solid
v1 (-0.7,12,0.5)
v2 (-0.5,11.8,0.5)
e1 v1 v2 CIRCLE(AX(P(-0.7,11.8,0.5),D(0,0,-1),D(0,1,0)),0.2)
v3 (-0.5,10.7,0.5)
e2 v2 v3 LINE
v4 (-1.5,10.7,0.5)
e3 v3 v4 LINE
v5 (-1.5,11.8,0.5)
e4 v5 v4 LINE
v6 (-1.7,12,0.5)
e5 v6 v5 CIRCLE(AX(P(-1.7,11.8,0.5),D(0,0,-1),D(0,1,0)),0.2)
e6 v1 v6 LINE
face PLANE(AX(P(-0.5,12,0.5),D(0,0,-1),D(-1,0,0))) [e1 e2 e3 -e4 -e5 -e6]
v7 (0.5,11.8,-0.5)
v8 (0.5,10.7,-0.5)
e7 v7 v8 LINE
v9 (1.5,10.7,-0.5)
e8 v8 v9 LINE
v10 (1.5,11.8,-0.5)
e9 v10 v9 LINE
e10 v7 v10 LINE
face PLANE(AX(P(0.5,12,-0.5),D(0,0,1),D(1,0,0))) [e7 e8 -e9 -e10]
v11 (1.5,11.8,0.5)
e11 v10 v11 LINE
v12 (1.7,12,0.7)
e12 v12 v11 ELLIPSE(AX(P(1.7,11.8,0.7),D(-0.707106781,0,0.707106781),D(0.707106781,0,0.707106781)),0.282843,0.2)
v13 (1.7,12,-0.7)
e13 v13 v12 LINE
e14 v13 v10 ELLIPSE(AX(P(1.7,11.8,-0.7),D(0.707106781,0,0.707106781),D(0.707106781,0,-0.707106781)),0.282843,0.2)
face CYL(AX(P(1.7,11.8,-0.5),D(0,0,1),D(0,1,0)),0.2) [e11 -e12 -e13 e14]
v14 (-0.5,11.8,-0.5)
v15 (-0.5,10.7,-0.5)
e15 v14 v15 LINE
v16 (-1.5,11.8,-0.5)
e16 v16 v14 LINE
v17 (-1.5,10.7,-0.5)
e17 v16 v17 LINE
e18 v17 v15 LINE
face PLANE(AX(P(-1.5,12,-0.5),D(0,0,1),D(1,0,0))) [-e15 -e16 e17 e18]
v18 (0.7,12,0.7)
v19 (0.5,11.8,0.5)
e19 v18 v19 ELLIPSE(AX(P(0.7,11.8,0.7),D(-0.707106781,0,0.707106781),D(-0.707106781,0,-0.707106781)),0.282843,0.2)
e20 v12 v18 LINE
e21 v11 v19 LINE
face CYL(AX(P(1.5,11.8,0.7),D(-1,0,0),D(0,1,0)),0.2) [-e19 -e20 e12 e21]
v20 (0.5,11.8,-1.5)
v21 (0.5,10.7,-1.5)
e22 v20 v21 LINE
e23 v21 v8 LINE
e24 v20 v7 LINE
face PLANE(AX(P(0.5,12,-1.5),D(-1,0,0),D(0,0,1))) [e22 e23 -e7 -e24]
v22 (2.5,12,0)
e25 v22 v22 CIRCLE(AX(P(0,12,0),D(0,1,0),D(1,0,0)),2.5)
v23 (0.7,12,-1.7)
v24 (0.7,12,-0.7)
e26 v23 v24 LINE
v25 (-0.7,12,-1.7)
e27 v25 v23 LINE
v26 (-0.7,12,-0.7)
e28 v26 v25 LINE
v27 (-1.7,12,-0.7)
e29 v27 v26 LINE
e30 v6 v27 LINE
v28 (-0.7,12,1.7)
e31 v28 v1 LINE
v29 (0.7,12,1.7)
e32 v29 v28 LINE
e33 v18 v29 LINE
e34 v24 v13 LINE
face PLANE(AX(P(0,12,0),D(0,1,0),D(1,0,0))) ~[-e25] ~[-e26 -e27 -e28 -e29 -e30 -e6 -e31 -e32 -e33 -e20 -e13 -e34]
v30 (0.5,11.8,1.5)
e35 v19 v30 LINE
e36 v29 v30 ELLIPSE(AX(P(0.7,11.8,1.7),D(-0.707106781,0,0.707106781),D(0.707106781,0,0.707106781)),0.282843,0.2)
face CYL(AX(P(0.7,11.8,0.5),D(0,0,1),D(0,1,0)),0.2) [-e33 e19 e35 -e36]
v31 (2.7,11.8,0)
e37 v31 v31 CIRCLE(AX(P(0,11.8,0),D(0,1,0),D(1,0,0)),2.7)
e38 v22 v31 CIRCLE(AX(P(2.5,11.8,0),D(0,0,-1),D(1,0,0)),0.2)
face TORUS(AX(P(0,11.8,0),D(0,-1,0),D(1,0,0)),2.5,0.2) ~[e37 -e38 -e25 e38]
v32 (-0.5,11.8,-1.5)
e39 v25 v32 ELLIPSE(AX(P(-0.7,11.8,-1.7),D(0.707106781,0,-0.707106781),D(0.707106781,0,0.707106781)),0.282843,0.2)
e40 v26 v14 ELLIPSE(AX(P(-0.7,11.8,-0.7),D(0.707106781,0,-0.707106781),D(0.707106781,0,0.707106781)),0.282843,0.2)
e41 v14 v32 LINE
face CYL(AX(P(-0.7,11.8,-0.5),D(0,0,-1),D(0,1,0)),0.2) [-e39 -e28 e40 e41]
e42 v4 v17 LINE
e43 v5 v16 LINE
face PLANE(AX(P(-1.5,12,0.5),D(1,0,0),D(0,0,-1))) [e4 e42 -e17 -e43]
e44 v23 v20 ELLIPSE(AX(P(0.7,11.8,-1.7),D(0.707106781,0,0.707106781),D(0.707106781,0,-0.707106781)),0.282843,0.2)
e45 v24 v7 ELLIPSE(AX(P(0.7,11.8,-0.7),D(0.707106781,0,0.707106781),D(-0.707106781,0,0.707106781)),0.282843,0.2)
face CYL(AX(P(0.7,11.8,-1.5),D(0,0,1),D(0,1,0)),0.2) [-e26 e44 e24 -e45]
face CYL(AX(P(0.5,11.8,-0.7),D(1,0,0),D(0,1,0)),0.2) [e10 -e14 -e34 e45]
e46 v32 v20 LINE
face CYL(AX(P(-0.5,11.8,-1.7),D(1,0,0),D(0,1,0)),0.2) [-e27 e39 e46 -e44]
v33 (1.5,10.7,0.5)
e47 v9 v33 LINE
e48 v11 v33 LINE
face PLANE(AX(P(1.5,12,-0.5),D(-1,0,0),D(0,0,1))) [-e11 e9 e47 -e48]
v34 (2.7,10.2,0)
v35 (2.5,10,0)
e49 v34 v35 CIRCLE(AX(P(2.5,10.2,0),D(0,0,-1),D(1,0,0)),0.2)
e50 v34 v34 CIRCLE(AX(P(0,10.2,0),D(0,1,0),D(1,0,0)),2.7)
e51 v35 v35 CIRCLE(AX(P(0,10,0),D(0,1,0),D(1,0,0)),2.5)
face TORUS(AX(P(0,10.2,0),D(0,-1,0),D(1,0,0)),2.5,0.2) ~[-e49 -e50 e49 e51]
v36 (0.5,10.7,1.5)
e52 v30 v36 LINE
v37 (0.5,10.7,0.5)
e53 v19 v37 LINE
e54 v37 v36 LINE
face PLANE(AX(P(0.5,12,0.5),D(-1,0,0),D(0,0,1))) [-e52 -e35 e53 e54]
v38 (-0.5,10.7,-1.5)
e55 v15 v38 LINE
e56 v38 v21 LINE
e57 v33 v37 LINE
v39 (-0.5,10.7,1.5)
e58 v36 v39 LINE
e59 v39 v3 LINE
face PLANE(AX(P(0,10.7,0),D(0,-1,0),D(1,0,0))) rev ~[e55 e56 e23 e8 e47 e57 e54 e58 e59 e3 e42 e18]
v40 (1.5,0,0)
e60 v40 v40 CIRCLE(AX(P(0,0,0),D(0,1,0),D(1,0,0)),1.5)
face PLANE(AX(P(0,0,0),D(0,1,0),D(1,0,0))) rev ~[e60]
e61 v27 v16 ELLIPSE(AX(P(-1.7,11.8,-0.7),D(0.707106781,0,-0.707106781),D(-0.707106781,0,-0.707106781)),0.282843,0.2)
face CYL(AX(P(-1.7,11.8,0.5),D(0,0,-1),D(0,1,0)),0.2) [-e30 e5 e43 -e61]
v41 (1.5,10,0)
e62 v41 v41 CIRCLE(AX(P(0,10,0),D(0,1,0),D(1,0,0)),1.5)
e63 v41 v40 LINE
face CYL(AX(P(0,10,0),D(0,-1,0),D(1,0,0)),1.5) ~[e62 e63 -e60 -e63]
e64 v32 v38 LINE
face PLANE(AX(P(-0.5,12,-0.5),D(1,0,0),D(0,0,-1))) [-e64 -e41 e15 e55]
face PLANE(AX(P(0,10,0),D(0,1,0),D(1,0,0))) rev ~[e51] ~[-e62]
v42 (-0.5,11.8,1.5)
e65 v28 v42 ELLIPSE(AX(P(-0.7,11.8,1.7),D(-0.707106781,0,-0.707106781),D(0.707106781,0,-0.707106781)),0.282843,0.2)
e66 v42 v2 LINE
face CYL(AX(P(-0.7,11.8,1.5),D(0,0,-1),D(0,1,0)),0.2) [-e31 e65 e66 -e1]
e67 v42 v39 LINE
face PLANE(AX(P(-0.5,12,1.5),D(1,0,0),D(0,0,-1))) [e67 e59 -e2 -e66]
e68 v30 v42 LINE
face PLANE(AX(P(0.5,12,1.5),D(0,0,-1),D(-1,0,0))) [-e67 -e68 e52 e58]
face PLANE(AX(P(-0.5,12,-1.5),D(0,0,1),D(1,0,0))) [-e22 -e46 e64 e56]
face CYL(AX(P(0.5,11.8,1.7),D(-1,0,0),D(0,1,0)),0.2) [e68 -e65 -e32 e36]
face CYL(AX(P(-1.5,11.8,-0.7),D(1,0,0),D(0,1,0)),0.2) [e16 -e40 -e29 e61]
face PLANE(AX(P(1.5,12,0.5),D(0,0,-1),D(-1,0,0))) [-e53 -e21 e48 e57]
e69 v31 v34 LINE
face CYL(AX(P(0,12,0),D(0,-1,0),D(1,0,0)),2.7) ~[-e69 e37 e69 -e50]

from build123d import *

# Parameters (mm, degrees)
FILLET_R     = 0.2
POCKET_DEPTH = 1.3
FILLET001_R  = 0.2


with BuildPart() as part:
    # Sketch → Revolution (revolve)
    with BuildSketch(Plane.XY):
        Polygon((0, 0), (0, 12), (2.7, 12), (2.7, 10), (1.5, 10), (1.5, 0), align=None)
    revolve(axis=Axis((0, 0, 0), (0, 1, 0)))

    # Fillet
    fillet_edges = [part.edges().sort_by_distance(p)[0] for p in [
        (-2.7, 10, 0),
        (-2.7, 12, 0),
    ]]
    fillet(fillet_edges, radius=FILLET_R)

    # Sketch001 (on Face1 of Fillet) → Pocket (cut)
    with BuildSketch(Plane(origin=(0, 12, 0), x_dir=(-1, 0, 0), z_dir=(0, 1, 0))):
        Polygon((0.5, 1.5), (0.5, 0.5), (1.5, 0.5), (1.5, -0.5), (0.5, -0.5), (0.5, -1.5), (-0.5, -1.5), (-0.5, -0.5), (-1.5, -0.5), (-1.5, 0.5), (-0.5, 0.5), (-0.5, 1.5), align=None)
    extrude(amount=-POCKET_DEPTH, mode=Mode.SUBTRACT)

    # Fillet001
    fillet001_edges = [part.edges().sort_by_distance(p)[0] for p in [
        (0, 12, -1.5),
        (0.5, 12, -1),
        (1, 12, -0.5),
        (1.5, 12, 0),
        (1, 12, 0.5),
        (0.5, 12, 1),
        (-0.5, 12, 1),
        (0, 12, 1.5),
        (-1.5, 12, 0),
        (-1, 12, -0.5),
        (-0.5, 12, -1),
    ]]
    fillet(fillet001_edges, radius=FILLET001_R)


solid = part.part
